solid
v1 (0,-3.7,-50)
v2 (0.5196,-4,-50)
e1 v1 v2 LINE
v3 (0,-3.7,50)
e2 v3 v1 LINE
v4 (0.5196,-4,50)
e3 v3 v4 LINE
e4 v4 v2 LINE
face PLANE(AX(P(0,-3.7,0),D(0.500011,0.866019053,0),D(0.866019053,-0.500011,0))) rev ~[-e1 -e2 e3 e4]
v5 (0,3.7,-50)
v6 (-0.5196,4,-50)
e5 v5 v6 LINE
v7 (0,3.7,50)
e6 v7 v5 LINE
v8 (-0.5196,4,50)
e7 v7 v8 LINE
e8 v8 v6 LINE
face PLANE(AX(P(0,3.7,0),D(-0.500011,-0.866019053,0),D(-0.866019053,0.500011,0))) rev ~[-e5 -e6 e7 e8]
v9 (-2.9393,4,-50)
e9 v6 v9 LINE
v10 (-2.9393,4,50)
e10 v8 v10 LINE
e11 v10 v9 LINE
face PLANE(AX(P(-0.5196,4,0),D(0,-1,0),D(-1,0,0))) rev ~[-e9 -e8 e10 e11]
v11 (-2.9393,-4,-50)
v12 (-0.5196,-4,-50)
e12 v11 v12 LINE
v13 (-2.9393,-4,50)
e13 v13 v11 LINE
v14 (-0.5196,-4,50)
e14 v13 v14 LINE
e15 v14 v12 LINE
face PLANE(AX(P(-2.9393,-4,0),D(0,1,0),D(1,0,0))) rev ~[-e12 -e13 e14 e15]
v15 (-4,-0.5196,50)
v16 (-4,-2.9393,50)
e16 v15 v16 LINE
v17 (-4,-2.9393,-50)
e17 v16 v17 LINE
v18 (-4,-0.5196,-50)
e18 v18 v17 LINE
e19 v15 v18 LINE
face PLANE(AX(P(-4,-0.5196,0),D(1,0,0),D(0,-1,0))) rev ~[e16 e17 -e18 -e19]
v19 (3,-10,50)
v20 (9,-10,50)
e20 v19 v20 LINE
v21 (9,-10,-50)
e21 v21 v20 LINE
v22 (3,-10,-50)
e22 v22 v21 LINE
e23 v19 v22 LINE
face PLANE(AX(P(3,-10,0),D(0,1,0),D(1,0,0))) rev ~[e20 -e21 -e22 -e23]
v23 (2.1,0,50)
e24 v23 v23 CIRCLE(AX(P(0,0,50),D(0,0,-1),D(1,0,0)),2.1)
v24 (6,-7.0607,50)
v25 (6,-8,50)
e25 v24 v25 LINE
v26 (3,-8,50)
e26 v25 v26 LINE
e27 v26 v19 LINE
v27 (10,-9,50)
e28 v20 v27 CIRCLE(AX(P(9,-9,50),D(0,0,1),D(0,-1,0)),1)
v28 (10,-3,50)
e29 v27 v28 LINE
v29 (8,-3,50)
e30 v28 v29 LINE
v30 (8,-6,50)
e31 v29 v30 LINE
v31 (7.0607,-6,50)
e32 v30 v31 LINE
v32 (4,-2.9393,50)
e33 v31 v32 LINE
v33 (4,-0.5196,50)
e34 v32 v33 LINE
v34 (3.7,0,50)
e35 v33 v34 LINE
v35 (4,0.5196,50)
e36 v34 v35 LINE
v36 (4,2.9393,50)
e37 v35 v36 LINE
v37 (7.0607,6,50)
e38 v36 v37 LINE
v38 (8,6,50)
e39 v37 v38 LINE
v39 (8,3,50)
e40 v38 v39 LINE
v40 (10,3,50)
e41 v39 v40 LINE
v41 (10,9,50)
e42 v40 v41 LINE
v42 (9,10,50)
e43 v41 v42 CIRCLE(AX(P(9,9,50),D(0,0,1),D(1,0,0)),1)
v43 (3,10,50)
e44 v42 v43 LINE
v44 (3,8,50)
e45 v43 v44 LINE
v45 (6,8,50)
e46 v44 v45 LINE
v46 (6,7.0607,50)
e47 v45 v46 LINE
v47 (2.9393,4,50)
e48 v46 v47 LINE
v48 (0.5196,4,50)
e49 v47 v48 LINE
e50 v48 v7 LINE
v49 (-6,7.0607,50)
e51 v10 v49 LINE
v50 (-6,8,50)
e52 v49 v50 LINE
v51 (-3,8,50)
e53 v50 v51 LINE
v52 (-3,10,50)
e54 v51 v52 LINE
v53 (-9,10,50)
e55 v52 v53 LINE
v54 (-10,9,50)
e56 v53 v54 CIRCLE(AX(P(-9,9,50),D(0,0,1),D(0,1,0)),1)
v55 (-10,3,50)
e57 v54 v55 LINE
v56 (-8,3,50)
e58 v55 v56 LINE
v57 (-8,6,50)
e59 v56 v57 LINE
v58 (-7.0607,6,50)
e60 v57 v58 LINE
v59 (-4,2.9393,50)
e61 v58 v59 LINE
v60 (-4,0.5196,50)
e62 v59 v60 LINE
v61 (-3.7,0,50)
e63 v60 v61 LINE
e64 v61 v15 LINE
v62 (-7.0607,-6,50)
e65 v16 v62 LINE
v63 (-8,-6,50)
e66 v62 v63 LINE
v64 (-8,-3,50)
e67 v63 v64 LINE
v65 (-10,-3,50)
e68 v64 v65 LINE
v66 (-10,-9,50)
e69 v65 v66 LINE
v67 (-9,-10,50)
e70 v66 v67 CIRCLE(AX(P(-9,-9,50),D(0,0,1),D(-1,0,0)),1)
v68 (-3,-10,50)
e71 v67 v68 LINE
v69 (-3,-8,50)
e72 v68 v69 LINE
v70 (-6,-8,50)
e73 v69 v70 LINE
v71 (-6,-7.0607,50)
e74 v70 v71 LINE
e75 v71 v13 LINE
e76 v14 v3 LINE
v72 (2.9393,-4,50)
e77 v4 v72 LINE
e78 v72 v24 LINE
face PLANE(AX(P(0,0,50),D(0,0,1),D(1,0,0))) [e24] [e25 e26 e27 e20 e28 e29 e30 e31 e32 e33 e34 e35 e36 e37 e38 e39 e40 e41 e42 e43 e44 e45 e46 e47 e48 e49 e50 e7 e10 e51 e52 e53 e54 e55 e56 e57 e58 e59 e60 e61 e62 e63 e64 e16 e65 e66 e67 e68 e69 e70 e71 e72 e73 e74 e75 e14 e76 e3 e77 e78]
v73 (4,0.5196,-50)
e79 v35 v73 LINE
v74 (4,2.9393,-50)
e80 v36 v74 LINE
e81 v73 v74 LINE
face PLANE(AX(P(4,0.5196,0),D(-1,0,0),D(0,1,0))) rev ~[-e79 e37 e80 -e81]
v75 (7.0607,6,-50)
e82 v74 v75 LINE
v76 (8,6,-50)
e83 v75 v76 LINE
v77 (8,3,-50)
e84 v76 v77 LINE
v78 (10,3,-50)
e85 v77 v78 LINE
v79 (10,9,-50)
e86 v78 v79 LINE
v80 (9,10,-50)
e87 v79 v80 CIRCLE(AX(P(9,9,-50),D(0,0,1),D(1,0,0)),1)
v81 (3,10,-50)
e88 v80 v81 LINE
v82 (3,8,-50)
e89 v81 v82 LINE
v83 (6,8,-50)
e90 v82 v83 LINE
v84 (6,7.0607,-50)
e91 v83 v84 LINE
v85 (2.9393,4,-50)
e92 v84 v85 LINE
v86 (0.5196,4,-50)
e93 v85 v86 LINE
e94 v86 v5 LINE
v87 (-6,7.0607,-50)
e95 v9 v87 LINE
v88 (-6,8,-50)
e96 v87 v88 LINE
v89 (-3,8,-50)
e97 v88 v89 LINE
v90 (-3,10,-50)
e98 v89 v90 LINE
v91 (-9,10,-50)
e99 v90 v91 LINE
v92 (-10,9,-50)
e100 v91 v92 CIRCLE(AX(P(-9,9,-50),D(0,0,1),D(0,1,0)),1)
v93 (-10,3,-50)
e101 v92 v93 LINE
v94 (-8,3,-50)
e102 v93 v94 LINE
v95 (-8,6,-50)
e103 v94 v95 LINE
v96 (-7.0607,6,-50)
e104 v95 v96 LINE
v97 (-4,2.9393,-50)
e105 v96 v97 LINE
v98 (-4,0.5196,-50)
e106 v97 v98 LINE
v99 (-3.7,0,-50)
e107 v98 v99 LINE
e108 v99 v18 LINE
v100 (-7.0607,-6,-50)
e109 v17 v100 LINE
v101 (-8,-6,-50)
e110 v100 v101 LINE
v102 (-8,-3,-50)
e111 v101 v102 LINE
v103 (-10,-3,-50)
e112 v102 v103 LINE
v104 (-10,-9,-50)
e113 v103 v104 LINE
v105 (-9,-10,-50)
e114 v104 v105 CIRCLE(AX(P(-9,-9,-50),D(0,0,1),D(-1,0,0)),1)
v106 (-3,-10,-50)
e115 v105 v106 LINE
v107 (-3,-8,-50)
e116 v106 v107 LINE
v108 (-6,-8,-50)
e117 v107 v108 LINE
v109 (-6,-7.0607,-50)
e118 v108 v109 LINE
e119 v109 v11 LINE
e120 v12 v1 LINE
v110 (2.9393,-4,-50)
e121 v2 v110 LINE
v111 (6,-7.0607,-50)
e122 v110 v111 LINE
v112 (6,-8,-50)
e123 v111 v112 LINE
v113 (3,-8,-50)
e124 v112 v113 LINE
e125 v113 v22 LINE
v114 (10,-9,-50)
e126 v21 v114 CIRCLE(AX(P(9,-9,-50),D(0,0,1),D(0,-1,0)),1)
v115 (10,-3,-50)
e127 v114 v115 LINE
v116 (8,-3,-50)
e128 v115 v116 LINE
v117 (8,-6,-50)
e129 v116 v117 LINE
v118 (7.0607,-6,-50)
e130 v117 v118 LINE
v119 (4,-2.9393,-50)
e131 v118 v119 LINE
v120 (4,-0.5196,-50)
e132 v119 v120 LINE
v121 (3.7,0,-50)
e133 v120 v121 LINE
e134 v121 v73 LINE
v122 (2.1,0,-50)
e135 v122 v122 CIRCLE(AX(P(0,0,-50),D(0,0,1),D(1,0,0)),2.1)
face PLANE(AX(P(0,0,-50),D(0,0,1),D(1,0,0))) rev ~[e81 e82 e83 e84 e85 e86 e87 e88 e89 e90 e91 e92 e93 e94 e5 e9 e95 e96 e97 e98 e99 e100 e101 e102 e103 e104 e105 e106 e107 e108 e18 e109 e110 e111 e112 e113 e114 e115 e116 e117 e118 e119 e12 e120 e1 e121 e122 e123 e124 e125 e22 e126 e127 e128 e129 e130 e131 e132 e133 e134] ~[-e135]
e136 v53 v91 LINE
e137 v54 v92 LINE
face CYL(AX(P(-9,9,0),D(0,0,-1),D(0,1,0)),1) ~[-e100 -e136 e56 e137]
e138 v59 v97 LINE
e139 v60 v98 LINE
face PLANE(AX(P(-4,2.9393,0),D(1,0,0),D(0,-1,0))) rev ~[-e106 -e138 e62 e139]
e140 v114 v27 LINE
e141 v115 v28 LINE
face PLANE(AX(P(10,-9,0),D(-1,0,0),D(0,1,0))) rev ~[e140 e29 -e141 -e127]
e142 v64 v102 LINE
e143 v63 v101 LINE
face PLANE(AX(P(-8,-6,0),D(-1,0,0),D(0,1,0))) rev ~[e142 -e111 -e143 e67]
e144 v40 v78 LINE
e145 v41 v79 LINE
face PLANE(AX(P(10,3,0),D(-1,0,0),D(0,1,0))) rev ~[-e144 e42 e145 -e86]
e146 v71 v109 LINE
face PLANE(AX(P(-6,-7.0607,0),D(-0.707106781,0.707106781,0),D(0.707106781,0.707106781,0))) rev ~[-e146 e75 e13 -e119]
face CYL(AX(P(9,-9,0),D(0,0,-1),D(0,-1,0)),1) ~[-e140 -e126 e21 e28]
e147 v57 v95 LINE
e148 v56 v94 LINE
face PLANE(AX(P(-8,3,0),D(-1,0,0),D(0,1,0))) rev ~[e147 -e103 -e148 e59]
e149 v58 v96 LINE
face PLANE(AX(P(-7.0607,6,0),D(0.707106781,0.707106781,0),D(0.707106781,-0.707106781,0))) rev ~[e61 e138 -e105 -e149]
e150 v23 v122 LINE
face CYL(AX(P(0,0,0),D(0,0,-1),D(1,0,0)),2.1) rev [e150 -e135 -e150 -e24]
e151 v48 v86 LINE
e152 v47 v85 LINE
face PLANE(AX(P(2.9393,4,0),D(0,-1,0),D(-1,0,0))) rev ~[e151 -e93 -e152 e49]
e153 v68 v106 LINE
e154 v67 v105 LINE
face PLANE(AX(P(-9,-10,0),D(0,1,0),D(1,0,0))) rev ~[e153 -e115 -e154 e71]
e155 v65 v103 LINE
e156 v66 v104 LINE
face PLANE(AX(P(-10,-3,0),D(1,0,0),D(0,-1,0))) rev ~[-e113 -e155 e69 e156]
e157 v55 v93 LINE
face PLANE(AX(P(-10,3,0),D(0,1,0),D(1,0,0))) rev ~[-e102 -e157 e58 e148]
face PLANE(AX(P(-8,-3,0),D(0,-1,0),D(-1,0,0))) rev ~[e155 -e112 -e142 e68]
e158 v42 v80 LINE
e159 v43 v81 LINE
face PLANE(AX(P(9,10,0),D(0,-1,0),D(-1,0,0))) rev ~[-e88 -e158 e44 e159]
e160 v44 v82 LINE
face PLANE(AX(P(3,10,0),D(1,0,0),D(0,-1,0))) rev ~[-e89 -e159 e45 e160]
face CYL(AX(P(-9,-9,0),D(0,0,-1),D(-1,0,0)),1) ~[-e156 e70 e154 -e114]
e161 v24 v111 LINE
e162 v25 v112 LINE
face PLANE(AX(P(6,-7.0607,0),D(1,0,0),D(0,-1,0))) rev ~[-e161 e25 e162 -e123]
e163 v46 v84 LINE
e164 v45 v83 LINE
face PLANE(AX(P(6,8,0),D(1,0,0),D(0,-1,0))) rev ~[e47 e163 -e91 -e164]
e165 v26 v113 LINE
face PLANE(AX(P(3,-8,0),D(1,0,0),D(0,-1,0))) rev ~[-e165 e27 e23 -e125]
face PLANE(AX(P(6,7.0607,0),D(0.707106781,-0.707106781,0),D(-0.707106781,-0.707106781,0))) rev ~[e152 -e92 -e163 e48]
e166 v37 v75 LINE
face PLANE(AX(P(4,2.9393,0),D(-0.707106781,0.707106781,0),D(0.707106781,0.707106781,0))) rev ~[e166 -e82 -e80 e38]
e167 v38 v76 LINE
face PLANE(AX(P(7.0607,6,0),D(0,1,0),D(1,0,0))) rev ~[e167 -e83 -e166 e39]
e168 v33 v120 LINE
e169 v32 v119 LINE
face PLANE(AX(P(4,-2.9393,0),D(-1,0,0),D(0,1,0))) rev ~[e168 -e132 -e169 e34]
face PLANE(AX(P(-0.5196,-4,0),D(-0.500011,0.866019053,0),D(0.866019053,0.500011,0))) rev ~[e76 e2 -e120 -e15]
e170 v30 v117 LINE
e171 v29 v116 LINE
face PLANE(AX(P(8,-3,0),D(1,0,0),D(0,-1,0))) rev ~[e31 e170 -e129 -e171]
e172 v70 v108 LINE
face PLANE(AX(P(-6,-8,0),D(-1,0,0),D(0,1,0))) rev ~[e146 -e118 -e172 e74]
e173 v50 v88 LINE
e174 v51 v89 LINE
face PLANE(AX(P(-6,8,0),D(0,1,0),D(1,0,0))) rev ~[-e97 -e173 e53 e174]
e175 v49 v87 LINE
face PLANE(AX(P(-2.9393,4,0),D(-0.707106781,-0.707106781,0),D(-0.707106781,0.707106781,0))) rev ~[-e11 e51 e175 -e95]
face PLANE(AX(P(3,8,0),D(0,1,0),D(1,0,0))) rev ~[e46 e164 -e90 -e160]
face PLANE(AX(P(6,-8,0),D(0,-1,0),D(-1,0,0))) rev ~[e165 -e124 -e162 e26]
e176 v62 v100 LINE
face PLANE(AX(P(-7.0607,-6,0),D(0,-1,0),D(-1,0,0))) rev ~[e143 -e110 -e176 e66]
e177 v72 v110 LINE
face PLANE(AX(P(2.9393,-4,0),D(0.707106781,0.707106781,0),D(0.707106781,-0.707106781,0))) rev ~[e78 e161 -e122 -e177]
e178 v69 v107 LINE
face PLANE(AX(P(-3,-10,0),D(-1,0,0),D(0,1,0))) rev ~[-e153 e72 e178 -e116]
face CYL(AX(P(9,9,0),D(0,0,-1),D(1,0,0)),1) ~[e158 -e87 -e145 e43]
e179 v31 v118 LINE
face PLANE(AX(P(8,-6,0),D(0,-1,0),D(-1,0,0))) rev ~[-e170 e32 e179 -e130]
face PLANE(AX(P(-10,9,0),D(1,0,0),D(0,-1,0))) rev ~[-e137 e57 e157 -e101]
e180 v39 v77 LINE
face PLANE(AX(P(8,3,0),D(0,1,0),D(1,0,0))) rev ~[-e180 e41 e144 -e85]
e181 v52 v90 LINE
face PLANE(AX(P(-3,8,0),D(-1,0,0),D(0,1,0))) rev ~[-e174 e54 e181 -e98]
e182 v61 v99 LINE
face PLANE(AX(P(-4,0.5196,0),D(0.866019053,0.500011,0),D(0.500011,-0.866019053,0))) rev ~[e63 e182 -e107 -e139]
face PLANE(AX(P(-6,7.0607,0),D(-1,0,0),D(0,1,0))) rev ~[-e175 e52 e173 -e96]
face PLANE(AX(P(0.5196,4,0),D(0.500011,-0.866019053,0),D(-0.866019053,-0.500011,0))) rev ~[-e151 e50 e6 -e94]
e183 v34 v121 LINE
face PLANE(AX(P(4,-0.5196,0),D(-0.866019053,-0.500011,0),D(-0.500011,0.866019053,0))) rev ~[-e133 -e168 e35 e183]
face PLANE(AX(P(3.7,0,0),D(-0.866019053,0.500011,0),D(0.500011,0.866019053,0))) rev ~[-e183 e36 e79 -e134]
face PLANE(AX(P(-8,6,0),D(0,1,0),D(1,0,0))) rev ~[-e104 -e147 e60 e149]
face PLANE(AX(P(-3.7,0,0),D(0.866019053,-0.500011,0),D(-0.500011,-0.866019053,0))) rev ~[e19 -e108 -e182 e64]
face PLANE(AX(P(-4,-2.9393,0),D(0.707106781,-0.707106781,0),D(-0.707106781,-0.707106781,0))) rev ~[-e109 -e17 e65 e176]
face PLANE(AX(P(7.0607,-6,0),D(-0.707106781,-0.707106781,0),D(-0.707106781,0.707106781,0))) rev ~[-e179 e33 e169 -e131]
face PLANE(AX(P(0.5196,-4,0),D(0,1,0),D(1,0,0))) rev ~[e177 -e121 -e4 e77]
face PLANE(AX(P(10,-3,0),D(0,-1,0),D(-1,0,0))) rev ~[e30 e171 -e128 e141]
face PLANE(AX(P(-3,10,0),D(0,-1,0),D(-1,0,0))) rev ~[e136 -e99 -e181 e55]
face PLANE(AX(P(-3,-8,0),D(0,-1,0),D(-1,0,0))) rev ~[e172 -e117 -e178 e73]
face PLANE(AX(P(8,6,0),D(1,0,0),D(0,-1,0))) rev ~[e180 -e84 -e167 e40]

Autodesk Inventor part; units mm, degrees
ref_plane "YZ Plane" through (0, 0, 0) normal (1, 0, 0) x (0, 1, 0)
ref_plane "XZ Plane" through (0, 0, 0) normal (0, 1, 0) x (-1, 0, 0)
ref_plane "XY Plane" through (0, 0, 0) normal (0, 0, 1) x (1, 0, 0)
sketch "Sketch1" plane through (0, 0, 0) normal (0, 0, 1) x (1, 0, 0)
  line L0 (-2.205, 0) -> (2.205, 0)
  line L1 (0, -2.205) -> (0, 2.205)
  arc A0 (9, -10) -> (10, -9) centre (9, -9) ccw
  line L2 (-10, 9) -> (-10, 3)
  line L3 (-10, 3) -> (-8, 3)
  line L4 (-8, 3) -> (-8, 6)
  line L5 (-8, 6) -> (-7.0607, 6)
  line L6 (-7.0607, 6) -> (-4, 2.9393)
  line L7 (-4, 2.9393) -> (-4, 0.5196)
  line L8 (-4, 0.5196) -> (-3.7, 0)
  line L9 (-3.7, 0) -> (-4, -0.5196)
  line L10 (-4, -0.5196) -> (-4, -2.9393)
  line L11 (-4, -2.9393) -> (-7.0607, -6)
  line L12 (-7.0607, -6) -> (-8, -6)
  line L13 (-8, -6) -> (-8, -3)
  line L14 (-8, -3) -> (-10, -3)
  line L15 (-10, -3) -> (-10, -9)
  arc A1 (-10, -9) -> (-9, -10) centre (-9, -9) ccw
  line L16 (-9, -10) -> (-3, -10)
  line L17 (-3, -10) -> (-3, -8)
  line L18 (-3, -8) -> (-6, -8)
  line L19 (-6, -7.0607) -> (-2.9393, -4)
  line L20 (-2.9393, -4) -> (-0.5196, -4)
  line L21 (-0.5196, -4) -> (0, -3.7)
  line L22 (0, -3.7) -> (0.5196, -4)
  line L23 (0.5196, -4) -> (2.9393, -4)
  line L24 (2.9393, -4) -> (6, -7.0607)
  line L25 (6, -7.0607) -> (6, -8)
  line L26 (6, -8) -> (3, -8)
  line L27 (3, -8) -> (3, -10)
  line L28 (3, -10) -> (9, -10)
  line L29 (10, -9) -> (10, -3)
  line L30 (10, -3) -> (8, -3)
  line L31 (8, -3) -> (8, -6)
  line L32 (8, -6) -> (7.0607, -6)
  line L33 (7.0607, -6) -> (4, -2.9393)
  line L34 (4, -2.9393) -> (4, -0.5196)
  line L35 (4, -0.5196) -> (3.7, 0)
  line L36 (3.7, 0) -> (4, 0.5196)
  line L37 (4, 0.5196) -> (4, 2.9393)
  line L38 (4, 2.9393) -> (7.0607, 6)
  line L39 (7.0607, 6) -> (8, 6)
  line L40 (8, 6) -> (8, 3)
  line L41 (8, 3) -> (10, 3)
  line L42 (10, 3) -> (10, 9)
  arc A2 (10, 9) -> (9, 10) centre (9, 9) ccw
  line L43 (9, 10) -> (3, 10)
  line L44 (3, 10) -> (3, 8)
  line L45 (3, 8) -> (6, 8)
  line L46 (6, 8) -> (6, 7.0607)
  line L47 (6, 7.0607) -> (2.9393, 4)
  line L48 (2.9393, 4) -> (0.5196, 4)
  line L49 (0.5196, 4) -> (0, 3.7)
  line L50 (0, 3.7) -> (-0.5196, 4)
  line L51 (-0.5196, 4) -> (-2.9393, 4)
  line L52 (-2.9393, 4) -> (-6, 7.0607)
  line L53 (-6, 7.0607) -> (-6, 8)
  line L54 (-6, 8) -> (-3, 8)
  line L55 (-3, 8) -> (-3, 10)
  line L56 (-3, 10) -> (-9, 10)
  arc A3 (-9, 10) -> (-10, 9) centre (-9, 9) ccw
  circle A4 centre (0, 0) radius 2.1
  line L57 (-6, -8) -> (-6, -7.0607)
extrude "Extrusion1" add sketch "Sketch1" along normal mid plane 100
equation "\"frameAcrylicThickness\" = 9.525"
equation "\"internalAcrylicThickness\" = 6.35"
equation "\"height\" = 127"
equation "\"width\" = 127"
equation "\"depth\" = 273.05"
equation "\"mirrorAngle\" = 5deg"
equation "\"detectorWidth\" = 52"
equation "\"detectorHeight\" = 52"
equation "\"mirrorThickness\" = 3.175"
equation "\"fresnelThickness\" = 0.1"
equation "\"focalLength\" = 76.2"
equation "\"ior\" = 1.49"
equation "\"centerThickness\" = 1.524"
equation "\"fresnelAngle\" = 90deg"
equation "\"fresnelEffectiveDiameter\" = 152.4"
equation "\"oRingWidth\" = 1.5875"
equation "\"sensorHolderDepth\" = 19.05"
equation "\"aerogelClearence\" = 3.175"
equation "\"backplanePCBWidth\" = 76.2"
equation "\"backplanePCBHeight\" = 76.2"
equation "\"backplaneHoleOffsett\" = 6.35"
equation "\"backplanePostionOffsett\" = 12.7"
equation "\"moduleSlotClearence\" = 0.79375"
properties part number "HFS5-2020" material "Aluminum 6061"
